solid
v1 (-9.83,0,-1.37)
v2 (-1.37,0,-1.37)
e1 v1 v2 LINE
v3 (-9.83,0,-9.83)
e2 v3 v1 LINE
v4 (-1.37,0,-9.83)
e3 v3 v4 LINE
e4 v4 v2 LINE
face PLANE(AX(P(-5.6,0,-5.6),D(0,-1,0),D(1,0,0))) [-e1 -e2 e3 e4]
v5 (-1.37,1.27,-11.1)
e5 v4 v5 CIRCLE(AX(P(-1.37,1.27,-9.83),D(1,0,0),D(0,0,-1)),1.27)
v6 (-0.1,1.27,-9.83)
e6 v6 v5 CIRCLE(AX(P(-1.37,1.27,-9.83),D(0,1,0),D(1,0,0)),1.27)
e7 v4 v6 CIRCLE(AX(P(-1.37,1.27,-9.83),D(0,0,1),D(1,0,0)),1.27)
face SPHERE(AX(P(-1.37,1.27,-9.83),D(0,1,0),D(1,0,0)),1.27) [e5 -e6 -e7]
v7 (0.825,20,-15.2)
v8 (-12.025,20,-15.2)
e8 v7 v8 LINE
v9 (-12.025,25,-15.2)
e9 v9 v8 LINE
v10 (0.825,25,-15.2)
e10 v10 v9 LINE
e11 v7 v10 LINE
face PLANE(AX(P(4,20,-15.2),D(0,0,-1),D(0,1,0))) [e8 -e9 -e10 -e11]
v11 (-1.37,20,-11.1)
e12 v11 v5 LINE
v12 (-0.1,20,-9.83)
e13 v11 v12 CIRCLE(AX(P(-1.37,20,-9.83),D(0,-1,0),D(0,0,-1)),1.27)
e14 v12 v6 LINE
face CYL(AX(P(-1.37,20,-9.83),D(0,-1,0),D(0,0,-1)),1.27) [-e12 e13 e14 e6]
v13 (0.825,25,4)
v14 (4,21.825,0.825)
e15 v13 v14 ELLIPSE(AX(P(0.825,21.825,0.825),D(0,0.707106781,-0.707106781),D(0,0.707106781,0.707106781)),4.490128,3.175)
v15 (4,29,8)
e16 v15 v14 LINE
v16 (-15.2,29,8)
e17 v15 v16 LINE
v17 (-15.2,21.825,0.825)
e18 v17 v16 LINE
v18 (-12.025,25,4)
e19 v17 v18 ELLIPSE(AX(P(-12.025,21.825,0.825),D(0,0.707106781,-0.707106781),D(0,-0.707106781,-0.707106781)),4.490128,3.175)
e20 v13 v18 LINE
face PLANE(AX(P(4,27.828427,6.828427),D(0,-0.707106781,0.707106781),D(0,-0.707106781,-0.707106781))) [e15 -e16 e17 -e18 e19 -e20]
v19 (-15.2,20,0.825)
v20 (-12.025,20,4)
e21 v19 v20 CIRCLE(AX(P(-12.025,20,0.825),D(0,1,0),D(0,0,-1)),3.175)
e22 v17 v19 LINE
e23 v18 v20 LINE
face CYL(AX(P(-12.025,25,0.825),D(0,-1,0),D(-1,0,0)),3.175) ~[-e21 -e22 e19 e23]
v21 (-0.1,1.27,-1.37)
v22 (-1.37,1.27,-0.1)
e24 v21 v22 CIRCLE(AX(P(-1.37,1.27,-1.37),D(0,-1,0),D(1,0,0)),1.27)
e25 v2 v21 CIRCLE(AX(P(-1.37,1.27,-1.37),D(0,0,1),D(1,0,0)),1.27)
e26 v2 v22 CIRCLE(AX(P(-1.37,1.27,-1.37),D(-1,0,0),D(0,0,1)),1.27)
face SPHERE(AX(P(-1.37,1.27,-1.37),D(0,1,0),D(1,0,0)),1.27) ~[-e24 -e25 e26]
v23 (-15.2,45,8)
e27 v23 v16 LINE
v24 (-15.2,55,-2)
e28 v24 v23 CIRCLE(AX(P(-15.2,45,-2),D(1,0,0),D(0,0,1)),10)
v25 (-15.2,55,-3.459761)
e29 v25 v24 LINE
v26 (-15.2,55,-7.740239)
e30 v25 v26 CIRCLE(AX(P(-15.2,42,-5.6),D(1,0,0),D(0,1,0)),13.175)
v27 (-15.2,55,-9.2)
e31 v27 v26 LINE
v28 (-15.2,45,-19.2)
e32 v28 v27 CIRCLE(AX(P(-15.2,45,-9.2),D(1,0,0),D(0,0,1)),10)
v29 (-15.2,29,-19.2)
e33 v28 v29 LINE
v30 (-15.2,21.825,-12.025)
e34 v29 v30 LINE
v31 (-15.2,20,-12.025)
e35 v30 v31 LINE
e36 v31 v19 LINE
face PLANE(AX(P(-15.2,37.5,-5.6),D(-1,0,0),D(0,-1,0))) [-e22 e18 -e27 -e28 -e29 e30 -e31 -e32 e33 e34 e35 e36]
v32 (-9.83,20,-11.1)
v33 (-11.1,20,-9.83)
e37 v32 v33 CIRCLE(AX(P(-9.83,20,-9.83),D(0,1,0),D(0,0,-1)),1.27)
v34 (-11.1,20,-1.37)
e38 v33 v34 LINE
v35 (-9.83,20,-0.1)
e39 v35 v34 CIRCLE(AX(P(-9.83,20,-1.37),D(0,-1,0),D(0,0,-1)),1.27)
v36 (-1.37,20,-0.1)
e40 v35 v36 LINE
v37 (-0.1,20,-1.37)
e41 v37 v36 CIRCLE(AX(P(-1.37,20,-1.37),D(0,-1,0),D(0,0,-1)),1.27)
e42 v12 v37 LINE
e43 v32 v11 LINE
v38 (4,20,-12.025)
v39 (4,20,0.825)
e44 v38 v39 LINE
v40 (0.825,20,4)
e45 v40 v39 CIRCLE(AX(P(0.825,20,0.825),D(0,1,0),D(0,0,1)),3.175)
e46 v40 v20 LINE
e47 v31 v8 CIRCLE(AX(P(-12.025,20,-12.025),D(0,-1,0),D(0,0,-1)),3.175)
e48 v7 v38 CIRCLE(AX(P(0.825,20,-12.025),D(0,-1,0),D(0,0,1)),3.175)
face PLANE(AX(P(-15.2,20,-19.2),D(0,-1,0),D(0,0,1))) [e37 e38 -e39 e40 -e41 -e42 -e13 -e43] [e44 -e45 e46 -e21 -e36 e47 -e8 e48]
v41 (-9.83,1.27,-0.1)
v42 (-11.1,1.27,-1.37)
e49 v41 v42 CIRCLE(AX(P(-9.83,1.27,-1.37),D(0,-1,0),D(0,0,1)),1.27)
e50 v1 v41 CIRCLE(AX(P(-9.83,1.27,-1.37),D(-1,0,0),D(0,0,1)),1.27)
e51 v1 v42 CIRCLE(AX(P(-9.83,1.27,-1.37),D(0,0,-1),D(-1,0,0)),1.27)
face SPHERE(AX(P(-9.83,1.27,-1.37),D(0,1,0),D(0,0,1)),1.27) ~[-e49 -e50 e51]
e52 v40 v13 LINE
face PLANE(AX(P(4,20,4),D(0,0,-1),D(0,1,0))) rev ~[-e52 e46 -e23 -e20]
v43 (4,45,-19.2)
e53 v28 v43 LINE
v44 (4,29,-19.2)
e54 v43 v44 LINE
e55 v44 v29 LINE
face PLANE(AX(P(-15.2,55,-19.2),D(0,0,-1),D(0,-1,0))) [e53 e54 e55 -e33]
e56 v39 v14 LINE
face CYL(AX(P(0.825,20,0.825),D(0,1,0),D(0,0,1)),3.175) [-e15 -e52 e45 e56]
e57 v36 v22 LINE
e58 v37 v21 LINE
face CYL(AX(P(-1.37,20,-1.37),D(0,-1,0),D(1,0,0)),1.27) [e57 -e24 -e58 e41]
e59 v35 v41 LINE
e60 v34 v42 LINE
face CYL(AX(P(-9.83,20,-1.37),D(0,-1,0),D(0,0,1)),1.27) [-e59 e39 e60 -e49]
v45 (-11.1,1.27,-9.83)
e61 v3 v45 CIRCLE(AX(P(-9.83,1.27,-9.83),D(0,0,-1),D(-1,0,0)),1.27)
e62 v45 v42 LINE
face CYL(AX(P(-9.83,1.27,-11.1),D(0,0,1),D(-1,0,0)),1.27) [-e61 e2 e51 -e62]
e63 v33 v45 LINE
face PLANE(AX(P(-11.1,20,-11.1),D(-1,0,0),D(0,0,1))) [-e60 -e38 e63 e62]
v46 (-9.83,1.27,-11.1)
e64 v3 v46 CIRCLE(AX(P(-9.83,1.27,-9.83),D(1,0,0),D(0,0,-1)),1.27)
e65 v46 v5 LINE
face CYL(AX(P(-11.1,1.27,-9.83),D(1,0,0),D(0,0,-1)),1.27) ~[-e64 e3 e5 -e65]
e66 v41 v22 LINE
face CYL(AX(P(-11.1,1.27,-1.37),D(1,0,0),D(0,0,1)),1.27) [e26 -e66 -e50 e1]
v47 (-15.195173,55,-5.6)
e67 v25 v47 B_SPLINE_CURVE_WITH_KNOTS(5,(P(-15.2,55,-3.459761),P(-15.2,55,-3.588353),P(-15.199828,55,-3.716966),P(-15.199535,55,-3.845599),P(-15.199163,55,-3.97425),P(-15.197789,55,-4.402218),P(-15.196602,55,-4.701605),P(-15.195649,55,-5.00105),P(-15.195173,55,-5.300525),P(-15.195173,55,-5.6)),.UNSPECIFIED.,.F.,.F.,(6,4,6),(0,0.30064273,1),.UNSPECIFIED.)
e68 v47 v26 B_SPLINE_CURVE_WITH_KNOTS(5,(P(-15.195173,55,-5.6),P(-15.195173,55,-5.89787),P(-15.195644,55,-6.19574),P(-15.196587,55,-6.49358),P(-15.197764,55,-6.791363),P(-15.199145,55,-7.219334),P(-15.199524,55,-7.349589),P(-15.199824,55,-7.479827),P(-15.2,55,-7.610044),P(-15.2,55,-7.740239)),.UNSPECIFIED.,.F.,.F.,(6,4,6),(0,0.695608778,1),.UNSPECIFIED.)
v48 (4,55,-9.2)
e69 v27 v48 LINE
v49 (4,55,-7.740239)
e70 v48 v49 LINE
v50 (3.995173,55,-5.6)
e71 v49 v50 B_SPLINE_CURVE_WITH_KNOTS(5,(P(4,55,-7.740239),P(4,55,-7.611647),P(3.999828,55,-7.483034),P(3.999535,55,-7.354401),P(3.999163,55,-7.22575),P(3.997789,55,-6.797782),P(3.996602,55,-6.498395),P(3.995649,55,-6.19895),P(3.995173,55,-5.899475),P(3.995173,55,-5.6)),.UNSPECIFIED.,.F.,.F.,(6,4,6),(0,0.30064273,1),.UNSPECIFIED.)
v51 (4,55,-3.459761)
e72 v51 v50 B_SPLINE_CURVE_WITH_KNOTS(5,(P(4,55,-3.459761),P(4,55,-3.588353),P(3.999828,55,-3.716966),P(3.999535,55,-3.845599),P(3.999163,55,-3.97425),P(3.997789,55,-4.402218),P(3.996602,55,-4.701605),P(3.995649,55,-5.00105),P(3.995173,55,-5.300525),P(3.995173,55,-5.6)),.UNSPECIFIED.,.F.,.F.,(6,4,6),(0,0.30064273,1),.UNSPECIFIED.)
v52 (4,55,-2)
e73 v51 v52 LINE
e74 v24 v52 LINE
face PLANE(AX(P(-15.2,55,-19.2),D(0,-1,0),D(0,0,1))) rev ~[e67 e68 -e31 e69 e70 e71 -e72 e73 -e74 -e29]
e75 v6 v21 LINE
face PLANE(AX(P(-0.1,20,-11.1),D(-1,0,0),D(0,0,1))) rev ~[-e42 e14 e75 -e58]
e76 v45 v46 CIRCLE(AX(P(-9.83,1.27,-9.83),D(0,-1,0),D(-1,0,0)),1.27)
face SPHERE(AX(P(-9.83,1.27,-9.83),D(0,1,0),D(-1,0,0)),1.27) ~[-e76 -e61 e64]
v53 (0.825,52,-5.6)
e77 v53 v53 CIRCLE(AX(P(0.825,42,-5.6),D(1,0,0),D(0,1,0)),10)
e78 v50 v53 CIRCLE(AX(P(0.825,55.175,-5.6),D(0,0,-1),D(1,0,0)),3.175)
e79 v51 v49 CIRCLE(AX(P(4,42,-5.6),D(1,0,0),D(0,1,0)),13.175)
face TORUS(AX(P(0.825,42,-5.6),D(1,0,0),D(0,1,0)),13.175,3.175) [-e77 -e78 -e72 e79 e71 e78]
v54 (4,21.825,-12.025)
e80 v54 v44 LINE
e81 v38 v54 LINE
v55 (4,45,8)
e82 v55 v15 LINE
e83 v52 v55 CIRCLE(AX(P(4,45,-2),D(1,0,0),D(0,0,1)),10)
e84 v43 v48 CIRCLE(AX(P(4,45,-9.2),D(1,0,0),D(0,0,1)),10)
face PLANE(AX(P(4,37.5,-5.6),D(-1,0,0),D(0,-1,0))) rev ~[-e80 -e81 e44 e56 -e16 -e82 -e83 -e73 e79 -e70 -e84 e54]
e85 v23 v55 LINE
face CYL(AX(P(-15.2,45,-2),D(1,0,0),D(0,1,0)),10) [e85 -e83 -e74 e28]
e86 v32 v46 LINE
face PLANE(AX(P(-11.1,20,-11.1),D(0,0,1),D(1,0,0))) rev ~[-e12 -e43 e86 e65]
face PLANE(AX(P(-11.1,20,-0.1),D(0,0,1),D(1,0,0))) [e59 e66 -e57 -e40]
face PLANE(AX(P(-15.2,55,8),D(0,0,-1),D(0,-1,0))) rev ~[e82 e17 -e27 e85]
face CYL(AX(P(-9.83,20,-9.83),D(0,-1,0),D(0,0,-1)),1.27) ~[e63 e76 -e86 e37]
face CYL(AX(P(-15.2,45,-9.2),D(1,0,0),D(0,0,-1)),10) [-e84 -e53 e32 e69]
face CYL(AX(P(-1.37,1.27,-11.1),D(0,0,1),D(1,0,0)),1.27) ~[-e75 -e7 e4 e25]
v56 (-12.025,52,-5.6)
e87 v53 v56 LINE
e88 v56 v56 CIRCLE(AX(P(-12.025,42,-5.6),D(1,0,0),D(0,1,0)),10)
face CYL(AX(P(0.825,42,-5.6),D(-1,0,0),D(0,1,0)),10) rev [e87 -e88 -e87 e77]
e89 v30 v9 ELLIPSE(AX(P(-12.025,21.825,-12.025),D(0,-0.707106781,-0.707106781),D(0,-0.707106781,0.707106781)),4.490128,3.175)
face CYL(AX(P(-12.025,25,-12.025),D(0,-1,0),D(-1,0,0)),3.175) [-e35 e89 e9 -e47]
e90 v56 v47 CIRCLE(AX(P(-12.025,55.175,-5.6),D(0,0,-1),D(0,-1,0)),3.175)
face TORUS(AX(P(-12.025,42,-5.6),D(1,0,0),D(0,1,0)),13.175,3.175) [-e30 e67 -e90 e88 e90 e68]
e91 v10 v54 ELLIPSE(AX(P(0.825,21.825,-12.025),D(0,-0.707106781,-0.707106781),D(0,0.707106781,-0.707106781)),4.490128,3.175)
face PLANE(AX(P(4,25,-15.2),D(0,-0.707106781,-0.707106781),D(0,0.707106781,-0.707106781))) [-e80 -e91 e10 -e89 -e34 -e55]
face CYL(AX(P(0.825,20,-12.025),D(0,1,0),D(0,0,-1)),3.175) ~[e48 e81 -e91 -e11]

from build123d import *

# Parameters (mm, degrees)
SKETCH1_W           = 35
SKETCH1_H           = 27.2
BOSS_EXTRUDE1_DEPTH = 19.2
SKETCH2_W           = 4
SKETCH2_H           = 5
CUT_EXTRUDE1_DEPTH  = 20.2
SKETCH3_W           = 4
SKETCH3_H           = 5
CUT_EXTRUDE2_DEPTH  = 20.2
SKETCH4_W           = 11
SKETCH4_H           = 11
BOSS_EXTRUDE2_DEPTH = 20
DRAFT1_ANGLE        = 45
DRAFT2_ANGLE        = 45
FILLET1_R           = 1.27
FILLET2_R           = 3.175
FILLET3_R           = 10


with BuildPart() as part:
    # Sketch1 → Boss-Extrude1 (new body)
    with BuildSketch(Plane(origin=(-15.2, 0, 0), x_dir=(0, -1, 0), z_dir=(-1, 0, 0))):
        with Locations((-37.5, -5.6)):
            Rectangle(SKETCH1_W, SKETCH1_H)
    extrude(amount=-BOSS_EXTRUDE1_DEPTH)

    # Sketch2 → Cut-Extrude1 (cut, through all)
    with BuildSketch(Plane(origin=(4, 0, 0), x_dir=(0, 0, -1), z_dir=(1, 0, 0))):
        with Locations((-6, 22.5)):
            Rectangle(SKETCH2_W, SKETCH2_H)
    extrude(amount=-CUT_EXTRUDE1_DEPTH, mode=Mode.SUBTRACT)

    # Sketch3 → Cut-Extrude2 (cut, through all)
    with BuildSketch(Plane(origin=(4, 0, 0), x_dir=(0, 0, -1), z_dir=(1, 0, 0))):
        with Locations((17.2, 22.5)):
            Rectangle(SKETCH3_W, SKETCH3_H)
    extrude(amount=-CUT_EXTRUDE2_DEPTH, mode=Mode.SUBTRACT)

    # Sketch4 → Boss-Extrude2 (add)
    with BuildSketch(Plane.XZ.offset(-20)):
        with Locations((-5.6, -5.6)):
            Rectangle(SKETCH4_W, SKETCH4_H)
    extrude(amount=BOSS_EXTRUDE2_DEPTH)

    # Draft1
    draft1_faces = [part.faces().sort_by_distance(p)[0] for p in [
        (-5.6, 25, 6),
    ]]
    draft(draft1_faces, Plane(origin=(-15.2, 20, 4), x_dir=(1, 0, 0), z_dir=(0, 0, 1)), DRAFT1_ANGLE)

    # Draft2
    draft2_faces = [part.faces().sort_by_distance(p)[0] for p in [
        (-5.6, 25, -17.2),
    ]]
    draft(draft2_faces, Plane(origin=(-15.2, 25, -15.2), x_dir=(0, -1, 0), z_dir=(0, 0, -1)), DRAFT2_ANGLE)

    # Sketch5 → Cut-Revolve1 (revolve, cut)
    with BuildSketch(Plane.XY.offset(-5.6)):
        with BuildLine():
            Line((-15.2, 55.175), (-15.2, 42))
            Line((-15.2, 42), (4, 42))
            Line((4, 42), (4, 55.175))
            ThreePointArc((4, 55.175), (3.07006403, 52.92993597), (0.825, 52))
            Line((0.825, 52), (-12.025, 52))
            ThreePointArc((-12.025, 52), (-14.27006403, 52.92993597), (-15.2, 55.175))
        make_face()
    revolve(axis=Axis((-15.2, 42, -5.6), (1, 0, 0)), mode=Mode.SUBTRACT)

    # Fillet1
    fillet1_edges = [part.edges().sort_by_distance(p)[0] for p in [
        (-0.1, 10, -11.1),
        (-0.1, 10, -0.1),
        (-11.1, 10, -0.1),
        (-11.1, 10, -11.1),
        (-0.1, 0, -5.6),
        (-5.6, 0, -0.1),
        (-11.1, 0, -5.6),
        (-5.6, 0, -11.1),
    ]]
    fillet(fillet1_edges, radius=FILLET1_R)

    # Fillet2
    fillet2_edges = [part.edges().sort_by_distance(p)[0] for p in [
        (-15.2, 22.5, 4),
        (4, 22.5, 4),
        (-15.2, 22.5, -15.2),
        (4, 22.5, -15.2),
    ]]
    fillet(fillet2_edges, radius=FILLET2_R)

    # Fillet3
    fillet3_edges = [part.edges().sort_by_distance(p)[0] for p in [
        (-5.6, 55, 8),
        (-5.6, 55, -19.2),
    ]]
    fillet(fillet3_edges, radius=FILLET3_R)


solid = part.part
